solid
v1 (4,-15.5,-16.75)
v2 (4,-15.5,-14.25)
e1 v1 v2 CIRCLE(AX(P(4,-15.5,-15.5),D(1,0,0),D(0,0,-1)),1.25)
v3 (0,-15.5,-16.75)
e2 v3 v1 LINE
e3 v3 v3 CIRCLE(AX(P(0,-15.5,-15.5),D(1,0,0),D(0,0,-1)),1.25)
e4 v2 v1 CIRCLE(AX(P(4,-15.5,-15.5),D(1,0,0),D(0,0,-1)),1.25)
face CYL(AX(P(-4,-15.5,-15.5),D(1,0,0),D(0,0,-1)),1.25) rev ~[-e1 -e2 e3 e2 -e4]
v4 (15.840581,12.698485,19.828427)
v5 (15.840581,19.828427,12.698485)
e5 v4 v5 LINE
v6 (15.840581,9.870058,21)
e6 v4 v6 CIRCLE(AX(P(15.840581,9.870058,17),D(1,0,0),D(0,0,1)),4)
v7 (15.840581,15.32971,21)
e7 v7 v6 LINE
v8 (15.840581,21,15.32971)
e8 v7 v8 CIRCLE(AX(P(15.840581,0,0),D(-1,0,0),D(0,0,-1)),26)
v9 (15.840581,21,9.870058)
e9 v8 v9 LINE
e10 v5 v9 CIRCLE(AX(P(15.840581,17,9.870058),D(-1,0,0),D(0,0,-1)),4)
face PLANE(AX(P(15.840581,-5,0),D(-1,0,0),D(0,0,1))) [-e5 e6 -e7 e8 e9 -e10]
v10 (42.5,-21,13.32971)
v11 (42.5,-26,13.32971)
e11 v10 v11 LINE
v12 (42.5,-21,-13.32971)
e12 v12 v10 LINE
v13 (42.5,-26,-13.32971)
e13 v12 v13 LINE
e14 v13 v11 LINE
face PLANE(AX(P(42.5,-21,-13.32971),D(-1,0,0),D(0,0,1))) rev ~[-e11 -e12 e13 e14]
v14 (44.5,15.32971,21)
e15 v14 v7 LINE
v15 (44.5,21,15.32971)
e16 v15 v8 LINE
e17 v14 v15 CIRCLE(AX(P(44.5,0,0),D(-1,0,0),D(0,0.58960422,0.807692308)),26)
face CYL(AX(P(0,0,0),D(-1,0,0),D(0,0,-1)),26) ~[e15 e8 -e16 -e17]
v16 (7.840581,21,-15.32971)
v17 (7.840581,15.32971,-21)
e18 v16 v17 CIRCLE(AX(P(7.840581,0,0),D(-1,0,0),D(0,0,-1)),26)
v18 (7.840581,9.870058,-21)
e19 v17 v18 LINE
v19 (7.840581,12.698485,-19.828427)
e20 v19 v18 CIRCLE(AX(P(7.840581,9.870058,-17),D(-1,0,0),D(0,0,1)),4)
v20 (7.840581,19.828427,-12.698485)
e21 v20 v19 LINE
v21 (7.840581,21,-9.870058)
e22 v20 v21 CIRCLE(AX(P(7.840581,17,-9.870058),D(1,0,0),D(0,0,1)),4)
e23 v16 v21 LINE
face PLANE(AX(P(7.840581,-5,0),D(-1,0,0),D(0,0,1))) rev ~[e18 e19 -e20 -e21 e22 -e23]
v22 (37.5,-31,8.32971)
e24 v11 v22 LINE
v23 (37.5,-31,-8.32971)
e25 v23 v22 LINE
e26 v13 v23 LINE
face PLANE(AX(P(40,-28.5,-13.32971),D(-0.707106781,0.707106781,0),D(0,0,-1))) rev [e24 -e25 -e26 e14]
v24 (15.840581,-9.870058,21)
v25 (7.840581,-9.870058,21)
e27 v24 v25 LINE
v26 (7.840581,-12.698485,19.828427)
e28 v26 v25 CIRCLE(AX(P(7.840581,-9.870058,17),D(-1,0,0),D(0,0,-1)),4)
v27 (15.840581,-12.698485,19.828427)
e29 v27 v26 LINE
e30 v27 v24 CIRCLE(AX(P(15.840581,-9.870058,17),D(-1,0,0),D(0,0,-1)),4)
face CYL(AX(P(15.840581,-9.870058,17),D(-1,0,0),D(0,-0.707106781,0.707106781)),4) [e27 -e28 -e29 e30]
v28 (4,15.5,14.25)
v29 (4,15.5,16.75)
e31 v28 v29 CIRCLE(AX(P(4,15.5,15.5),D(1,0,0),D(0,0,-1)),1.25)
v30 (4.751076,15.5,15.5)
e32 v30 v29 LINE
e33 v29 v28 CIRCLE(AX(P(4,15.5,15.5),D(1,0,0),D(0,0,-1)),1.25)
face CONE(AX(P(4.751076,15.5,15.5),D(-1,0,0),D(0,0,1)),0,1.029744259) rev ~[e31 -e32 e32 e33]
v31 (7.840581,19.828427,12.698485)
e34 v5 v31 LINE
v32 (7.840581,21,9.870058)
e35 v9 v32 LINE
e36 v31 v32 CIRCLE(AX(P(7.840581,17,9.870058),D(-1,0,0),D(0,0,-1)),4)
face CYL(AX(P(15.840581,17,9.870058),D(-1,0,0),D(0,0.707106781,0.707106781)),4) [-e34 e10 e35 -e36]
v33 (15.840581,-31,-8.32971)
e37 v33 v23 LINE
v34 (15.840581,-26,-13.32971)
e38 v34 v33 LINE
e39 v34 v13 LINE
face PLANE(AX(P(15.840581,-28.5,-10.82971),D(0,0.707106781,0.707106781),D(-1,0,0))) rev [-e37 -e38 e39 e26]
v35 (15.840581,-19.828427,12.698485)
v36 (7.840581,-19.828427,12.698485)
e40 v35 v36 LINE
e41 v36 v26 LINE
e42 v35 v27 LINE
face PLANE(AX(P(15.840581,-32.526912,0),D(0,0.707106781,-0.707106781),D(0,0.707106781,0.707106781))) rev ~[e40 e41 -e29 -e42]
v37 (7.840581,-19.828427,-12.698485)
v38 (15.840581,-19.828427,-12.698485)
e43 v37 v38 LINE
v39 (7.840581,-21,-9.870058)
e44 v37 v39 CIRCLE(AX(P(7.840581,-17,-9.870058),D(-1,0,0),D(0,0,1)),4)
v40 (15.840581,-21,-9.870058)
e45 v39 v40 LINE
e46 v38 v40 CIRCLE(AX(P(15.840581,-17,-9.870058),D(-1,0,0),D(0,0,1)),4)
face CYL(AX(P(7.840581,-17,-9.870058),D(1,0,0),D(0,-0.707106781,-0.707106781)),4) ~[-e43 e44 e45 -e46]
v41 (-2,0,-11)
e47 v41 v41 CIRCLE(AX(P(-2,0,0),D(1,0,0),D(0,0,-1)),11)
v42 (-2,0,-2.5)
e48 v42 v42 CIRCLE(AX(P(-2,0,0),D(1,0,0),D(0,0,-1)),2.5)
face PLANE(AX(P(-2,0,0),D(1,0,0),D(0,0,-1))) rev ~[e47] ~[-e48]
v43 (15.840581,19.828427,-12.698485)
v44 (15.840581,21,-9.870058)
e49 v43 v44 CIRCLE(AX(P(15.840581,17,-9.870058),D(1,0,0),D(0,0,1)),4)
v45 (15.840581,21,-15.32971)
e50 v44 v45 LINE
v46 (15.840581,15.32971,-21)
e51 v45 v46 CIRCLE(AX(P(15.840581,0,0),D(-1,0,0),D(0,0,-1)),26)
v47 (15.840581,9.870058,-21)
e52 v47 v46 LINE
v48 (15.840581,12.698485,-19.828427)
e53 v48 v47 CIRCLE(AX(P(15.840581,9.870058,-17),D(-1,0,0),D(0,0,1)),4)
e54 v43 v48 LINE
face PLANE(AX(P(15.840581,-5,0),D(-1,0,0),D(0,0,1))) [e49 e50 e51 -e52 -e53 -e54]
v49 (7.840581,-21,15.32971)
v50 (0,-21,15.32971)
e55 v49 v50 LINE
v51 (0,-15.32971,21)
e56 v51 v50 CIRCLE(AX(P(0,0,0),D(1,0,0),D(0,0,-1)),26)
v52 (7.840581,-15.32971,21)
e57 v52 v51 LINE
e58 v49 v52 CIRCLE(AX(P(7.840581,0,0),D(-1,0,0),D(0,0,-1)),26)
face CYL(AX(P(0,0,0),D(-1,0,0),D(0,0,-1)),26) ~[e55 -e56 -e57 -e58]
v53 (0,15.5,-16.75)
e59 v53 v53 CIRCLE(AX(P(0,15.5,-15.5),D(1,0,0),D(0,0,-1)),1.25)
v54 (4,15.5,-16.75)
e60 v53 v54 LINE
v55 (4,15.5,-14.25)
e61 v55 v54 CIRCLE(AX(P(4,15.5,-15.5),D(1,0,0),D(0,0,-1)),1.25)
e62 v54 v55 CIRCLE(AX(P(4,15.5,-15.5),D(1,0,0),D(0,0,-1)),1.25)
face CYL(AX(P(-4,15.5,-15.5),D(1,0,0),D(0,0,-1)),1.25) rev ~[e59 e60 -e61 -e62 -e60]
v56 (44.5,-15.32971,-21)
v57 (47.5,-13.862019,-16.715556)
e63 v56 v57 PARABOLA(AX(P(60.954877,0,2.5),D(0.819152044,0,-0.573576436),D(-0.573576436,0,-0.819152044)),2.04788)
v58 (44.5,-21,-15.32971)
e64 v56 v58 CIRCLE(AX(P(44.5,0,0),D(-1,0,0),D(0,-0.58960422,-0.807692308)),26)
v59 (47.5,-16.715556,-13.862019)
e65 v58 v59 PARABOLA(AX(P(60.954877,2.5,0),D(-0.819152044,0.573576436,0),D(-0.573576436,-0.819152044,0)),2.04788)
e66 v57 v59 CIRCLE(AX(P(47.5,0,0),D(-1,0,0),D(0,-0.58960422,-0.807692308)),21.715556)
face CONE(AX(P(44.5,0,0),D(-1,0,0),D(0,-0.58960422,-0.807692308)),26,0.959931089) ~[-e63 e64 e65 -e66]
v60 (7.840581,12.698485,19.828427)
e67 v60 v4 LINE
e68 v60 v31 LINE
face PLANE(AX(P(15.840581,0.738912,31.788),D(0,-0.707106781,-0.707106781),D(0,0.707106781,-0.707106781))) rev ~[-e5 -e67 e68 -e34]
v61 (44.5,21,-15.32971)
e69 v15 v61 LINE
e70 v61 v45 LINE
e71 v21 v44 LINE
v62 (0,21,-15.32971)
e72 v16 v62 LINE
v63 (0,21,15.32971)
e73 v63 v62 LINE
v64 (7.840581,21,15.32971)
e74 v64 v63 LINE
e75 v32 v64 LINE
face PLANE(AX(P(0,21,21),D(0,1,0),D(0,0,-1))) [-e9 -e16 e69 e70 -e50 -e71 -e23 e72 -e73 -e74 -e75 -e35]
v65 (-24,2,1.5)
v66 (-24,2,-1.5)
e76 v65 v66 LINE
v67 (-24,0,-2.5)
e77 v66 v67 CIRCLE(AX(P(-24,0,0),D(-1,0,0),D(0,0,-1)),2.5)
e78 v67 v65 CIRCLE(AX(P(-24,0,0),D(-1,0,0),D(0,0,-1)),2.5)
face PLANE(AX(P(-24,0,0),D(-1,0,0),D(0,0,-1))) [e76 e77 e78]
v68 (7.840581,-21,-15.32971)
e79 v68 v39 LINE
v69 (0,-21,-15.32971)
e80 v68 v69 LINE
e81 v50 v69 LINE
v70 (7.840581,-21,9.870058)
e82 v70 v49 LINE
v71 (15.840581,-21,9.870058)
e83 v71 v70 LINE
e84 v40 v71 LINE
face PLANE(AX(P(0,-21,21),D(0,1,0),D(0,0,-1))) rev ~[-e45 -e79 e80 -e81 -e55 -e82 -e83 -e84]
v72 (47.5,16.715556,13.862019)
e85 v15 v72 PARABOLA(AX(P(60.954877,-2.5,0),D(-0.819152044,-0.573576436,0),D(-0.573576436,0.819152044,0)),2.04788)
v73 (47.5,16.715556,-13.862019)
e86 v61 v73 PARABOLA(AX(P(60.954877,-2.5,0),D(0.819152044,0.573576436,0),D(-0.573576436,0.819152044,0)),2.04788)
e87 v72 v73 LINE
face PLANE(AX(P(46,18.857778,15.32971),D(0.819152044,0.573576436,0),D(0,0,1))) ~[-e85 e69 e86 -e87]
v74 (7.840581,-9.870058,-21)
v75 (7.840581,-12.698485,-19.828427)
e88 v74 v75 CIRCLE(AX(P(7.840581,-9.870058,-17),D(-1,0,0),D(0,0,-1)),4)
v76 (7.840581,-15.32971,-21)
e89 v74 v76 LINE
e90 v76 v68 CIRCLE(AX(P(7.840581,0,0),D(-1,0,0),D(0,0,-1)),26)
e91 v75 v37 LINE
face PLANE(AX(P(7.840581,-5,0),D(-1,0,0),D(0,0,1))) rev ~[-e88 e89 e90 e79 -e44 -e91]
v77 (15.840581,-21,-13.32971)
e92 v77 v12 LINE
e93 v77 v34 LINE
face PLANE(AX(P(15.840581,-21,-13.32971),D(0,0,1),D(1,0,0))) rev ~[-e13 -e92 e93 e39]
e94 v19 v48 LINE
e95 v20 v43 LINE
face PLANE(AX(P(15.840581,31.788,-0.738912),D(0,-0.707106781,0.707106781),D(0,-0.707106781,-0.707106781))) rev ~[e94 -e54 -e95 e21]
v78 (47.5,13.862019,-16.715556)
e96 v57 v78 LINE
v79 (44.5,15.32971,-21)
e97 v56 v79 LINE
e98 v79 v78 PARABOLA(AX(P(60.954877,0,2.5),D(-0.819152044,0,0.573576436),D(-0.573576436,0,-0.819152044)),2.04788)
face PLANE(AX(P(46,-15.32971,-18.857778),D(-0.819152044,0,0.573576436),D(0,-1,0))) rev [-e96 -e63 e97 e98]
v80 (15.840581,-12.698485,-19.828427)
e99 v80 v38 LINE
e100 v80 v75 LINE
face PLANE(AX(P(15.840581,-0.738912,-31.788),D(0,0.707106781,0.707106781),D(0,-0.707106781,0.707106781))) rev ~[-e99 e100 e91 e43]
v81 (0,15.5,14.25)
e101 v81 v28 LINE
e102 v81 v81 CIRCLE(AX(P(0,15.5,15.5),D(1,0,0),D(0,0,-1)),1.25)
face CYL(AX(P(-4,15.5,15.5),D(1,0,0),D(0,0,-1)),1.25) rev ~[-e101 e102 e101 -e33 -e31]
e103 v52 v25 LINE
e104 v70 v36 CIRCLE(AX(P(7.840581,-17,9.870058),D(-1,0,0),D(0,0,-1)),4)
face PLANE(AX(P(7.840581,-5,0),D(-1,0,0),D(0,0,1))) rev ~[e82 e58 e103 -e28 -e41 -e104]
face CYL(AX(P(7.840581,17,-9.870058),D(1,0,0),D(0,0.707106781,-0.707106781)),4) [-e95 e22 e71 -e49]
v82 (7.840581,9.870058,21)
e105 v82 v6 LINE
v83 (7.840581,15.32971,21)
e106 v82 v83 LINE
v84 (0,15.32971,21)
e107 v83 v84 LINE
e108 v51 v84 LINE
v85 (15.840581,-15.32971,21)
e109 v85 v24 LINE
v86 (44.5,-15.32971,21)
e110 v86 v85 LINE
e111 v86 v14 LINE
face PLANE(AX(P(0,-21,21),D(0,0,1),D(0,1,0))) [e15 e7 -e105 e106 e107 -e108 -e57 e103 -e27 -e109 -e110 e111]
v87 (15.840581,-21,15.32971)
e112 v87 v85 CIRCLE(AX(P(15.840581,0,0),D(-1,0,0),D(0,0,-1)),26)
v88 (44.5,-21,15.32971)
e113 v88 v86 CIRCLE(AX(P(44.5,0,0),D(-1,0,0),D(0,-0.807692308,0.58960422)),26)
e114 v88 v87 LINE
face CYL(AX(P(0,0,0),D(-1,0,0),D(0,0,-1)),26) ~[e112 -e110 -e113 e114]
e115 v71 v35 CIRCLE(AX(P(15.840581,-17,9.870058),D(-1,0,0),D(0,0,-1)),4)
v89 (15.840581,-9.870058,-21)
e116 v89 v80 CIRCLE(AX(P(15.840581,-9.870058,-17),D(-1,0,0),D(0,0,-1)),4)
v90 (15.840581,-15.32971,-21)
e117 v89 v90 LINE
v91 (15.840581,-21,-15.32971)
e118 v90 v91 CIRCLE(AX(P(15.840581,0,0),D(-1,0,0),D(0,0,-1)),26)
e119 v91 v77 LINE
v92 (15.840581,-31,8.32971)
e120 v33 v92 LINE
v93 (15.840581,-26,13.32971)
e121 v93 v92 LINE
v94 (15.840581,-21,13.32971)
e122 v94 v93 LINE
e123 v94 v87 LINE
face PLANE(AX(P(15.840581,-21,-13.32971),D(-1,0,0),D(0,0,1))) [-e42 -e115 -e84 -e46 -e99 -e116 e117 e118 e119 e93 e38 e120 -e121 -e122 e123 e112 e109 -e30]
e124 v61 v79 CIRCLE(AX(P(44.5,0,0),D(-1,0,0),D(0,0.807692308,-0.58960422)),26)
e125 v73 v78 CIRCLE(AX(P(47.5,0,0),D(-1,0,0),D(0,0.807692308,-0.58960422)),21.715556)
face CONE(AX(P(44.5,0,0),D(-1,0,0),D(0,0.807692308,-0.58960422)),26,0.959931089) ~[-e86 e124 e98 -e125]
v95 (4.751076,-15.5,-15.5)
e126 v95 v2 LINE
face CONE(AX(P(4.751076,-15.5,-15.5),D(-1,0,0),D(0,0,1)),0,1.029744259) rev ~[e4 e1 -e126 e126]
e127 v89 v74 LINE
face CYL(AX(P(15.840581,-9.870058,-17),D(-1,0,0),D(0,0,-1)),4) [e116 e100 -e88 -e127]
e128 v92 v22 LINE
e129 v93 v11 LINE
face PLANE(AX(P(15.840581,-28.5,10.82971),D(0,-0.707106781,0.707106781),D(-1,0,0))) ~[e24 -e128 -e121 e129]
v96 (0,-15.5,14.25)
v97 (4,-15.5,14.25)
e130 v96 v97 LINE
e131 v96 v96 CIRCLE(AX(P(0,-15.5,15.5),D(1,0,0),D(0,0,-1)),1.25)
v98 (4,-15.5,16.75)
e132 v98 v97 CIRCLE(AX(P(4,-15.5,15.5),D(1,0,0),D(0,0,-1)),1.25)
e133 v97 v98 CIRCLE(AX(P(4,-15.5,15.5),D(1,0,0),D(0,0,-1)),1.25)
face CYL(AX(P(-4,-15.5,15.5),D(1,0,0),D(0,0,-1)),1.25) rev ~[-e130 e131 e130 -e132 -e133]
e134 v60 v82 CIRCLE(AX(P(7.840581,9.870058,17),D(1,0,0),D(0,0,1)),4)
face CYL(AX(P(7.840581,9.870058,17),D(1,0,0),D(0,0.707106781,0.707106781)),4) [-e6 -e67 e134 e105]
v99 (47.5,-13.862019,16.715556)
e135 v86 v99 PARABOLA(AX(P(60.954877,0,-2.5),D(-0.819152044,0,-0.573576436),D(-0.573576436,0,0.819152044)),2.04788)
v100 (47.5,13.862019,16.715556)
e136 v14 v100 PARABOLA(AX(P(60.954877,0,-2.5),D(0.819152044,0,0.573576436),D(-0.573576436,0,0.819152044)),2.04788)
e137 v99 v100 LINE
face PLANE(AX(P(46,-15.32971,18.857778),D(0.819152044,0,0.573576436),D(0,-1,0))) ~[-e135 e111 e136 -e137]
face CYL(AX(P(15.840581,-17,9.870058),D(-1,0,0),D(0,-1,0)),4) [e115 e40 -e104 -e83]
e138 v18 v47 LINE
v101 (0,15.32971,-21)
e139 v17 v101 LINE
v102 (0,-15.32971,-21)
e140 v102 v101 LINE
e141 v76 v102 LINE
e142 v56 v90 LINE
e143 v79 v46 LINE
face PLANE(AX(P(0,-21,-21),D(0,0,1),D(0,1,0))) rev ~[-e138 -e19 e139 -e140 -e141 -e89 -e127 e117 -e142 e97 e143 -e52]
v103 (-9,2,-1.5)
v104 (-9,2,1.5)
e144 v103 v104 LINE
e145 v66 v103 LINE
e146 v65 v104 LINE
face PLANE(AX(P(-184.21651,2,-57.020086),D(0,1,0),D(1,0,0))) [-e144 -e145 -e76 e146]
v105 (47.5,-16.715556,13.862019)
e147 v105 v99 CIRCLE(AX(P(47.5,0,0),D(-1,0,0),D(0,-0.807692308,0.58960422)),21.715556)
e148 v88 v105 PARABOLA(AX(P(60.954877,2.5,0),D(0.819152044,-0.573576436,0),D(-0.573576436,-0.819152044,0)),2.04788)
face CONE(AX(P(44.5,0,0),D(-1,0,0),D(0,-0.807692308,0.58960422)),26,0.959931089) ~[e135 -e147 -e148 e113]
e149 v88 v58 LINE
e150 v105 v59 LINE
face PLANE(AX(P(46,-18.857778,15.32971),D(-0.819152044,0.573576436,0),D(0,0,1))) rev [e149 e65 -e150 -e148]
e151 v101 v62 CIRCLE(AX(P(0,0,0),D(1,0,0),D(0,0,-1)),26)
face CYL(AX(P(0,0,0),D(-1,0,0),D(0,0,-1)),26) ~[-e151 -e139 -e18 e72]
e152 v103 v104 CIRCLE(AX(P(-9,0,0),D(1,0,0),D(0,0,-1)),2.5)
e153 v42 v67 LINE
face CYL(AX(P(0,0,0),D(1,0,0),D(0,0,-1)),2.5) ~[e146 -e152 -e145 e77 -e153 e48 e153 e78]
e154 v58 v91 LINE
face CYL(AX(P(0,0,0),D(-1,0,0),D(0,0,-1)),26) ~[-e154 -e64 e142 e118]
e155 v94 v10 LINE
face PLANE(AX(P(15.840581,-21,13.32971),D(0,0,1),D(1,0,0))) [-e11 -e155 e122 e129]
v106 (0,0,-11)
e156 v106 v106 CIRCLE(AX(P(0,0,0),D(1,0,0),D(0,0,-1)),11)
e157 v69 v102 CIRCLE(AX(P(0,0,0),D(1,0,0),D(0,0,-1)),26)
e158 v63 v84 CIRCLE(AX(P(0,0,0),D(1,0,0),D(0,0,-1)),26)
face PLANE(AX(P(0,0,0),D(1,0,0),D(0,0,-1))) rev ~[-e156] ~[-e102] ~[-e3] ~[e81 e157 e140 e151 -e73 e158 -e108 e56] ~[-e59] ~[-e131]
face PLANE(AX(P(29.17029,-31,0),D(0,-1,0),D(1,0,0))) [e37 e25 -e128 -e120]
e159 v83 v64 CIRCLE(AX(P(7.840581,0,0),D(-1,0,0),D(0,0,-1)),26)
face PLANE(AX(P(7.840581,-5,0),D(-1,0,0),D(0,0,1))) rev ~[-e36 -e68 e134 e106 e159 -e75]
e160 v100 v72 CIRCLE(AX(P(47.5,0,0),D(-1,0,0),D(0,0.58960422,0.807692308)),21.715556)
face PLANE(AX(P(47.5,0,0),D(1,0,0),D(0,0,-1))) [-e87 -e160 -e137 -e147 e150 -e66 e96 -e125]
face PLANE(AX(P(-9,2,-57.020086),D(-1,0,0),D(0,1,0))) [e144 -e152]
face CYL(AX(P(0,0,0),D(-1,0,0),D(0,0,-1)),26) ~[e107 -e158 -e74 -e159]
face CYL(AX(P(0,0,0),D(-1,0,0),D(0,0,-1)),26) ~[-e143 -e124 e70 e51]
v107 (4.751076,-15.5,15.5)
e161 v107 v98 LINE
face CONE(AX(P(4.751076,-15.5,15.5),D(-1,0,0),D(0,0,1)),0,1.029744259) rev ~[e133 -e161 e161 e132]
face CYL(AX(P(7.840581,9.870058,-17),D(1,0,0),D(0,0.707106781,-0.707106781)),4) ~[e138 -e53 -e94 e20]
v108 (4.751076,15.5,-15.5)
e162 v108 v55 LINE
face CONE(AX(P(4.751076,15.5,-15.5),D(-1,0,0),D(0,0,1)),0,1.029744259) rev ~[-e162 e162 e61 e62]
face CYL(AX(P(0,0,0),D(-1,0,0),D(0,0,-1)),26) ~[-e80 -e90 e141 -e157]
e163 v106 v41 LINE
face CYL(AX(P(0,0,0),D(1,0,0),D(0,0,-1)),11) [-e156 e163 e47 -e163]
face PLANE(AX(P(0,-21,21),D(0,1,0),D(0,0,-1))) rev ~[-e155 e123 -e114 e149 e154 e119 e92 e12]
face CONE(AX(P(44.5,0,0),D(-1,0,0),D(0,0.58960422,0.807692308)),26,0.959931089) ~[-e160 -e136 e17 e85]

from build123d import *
from OCP.BRepFilletAPI import BRepFilletAPI_MakeChamfer

# Parameters (mm, degrees)
ESQUISSE1_W                  = 42
ESQUISSE1_H                  = 42
BOSS_EXTRU_1_DEPTH           = 47.5
ESQUISSE2_R                  = 11
BOSS_EXTRU_2_DEPTH           = 2
ESQUISSE3_R                  = 2.5
BOSS_EXTRU_3_DEPTH           = 24
TROU_TARAUD_M31_D            = 2.5
TROU_TARAUD_M31_DEPTH        = 4
TROU_TARAUD_M31_TIP          = 0.751075774
ESQUISSE6_OUTSIDE_W          = 62.59
ESQUISSE6_OUTSIDE_H          = 62.59
ESQUISSE6_OUTSIDE_R          = 26
ENL_V_MAT_EXTRU_1_DEPTH      = 57.020085684
ENL_V_MAT_EXTRU_2_DEPTH      = 57.020085684
ENL_V_MAT_EXTRU_2_DEPTH_BACK = 57.020085684
CHANFREIN1_SIZE              = 3
CHANFREIN1_SIZE2             = 4.28444402
ESQUISSE10_W                 = 26.659419434
ESQUISSE10_H                 = 26.659419434
BOSS_EXTRU_5_DEPTH           = 10
CHANFREIN2_SIZE              = 5
ESQUISSE11_OUTSIDE_W         = 63.576
ESQUISSE11_OUTSIDE_H         = 73.576
ENL_V_MAT_EXTRU_3_DEPTH      = 8
CONG_1_R                     = 4


with BuildPart() as part:
    # Esquisse1 → Boss.-Extru.1 (new body)
    with BuildSketch(Plane(origin=(0, 0, 0), x_dir=(0, 0, -1), z_dir=(1, 0, 0))):
        Rectangle(ESQUISSE1_W, ESQUISSE1_H)
    extrude(amount=BOSS_EXTRU_1_DEPTH)

    # Esquisse2 → Boss.-Extru.2 (add)
    with BuildSketch(Plane(origin=(0, 0, 0), x_dir=(0, 0, -1), z_dir=(1, 0, 0))):
        Circle(ESQUISSE2_R)
    extrude(amount=-BOSS_EXTRU_2_DEPTH)

    # Esquisse3 → Boss.-Extru.3 (add)
    with BuildSketch(Plane.ZY):
        with Locations(Location((0, 0, 0), (0, 0, 180))):
            Circle(ESQUISSE3_R)
    extrude(amount=BOSS_EXTRU_3_DEPTH)

    # Trou taraudé M31
    with Locations(Plane.ZY):
        with Locations((-15.5, 15.5), (15.5, 15.5), (-15.5, -15.5), (15.5, -15.5)):
            Hole(TROU_TARAUD_M31_D / 2, depth=TROU_TARAUD_M31_DEPTH)
            with Locations((0, 0, -(TROU_TARAUD_M31_DEPTH + TROU_TARAUD_M31_TIP / 2))):  # 118° drill point
                Cone(0, TROU_TARAUD_M31_D / 2, TROU_TARAUD_M31_TIP, mode=Mode.SUBTRACT)

    # Esquisse6 outside → Enlèv. mat.-Extru.1 (cut, through all)
    with BuildSketch(Plane(origin=(0, 0, 0), x_dir=(0, 0, -1), z_dir=(1, 0, 0))):
        Rectangle(ESQUISSE6_OUTSIDE_W, ESQUISSE6_OUTSIDE_H)
        Circle(ESQUISSE6_OUTSIDE_R, mode=Mode.SUBTRACT)
    extrude(amount=ENL_V_MAT_EXTRU_1_DEPTH, mode=Mode.SUBTRACT)

    # Esquisse7 → Enlèv. mat.-Extru.2 (cut, two sides: drawn at the far end of the back side and taken through both)
    with BuildSketch(Plane.XY.offset(-ENL_V_MAT_EXTRU_2_DEPTH_BACK)):
        Polygon((-184.216510411, 2), (-24, 2), (-9, 2), (-9, 2.5), (-9, 162.716510411), (-225.598714738, 398.856972015), (-400.815225149, 238.140461604), align=None)
    extrude(amount=ENL_V_MAT_EXTRU_2_DEPTH + ENL_V_MAT_EXTRU_2_DEPTH_BACK, mode=Mode.SUBTRACT)

    # Chanfrein1: one chamfer whose edges measure the first distance from different faces: ONE call of the kernel's chamfer builder (chamfer() names one face for all edges)
    chanfrein1_edges_1 = [part.edges().sort_by_distance(p)[0] for p in [
        (47.5, 0, 21),
    ]]
    chanfrein1_side_1 = [part.faces().sort_by_distance(p)[0] for p in [
        (23.75, 0, 21),
    ]]
    chanfrein1_edges_2 = [part.edges().sort_by_distance(p)[0] for p in [
        (47.5, -21, 0),
    ]]
    chanfrein1_side_2 = [part.faces().sort_by_distance(p)[0] for p in [
        (23.75, -21, 0),
    ]]
    chanfrein1_edges_3 = [part.edges().sort_by_distance(p)[0] for p in [
        (47.5, 0, -21),
    ]]
    chanfrein1_side_3 = [part.faces().sort_by_distance(p)[0] for p in [
        (23.75, 0, -21),
    ]]
    chanfrein1_edges_4 = [part.edges().sort_by_distance(p)[0] for p in [
        (47.5, 21, 0),
    ]]
    chanfrein1_side_4 = [part.faces().sort_by_distance(p)[0] for p in [
        (23.75, 21, 0),
    ]]
    chanfrein1_edges_5 = [part.edges().sort_by_distance(p)[0] for p in [
        (47.5, -18.384776311, 18.384776311),
    ]]
    chanfrein1_side_5 = [part.faces().sort_by_distance(p)[0] for p in [
        (23.75, -18.384776311, 18.384776311),
    ]]
    chanfrein1_edges_6 = [part.edges().sort_by_distance(p)[0] for p in [
        (47.5, 18.384776311, 18.384776311),
    ]]
    chanfrein1_side_6 = [part.faces().sort_by_distance(p)[0] for p in [
        (23.75, 18.384776311, 18.384776311),
    ]]
    chanfrein1_edges_7 = [part.edges().sort_by_distance(p)[0] for p in [
        (47.5, -18.384776311, -18.384776311),
    ]]
    chanfrein1_side_7 = [part.faces().sort_by_distance(p)[0] for p in [
        (23.75, -18.384776311, -18.384776311),
    ]]
    chanfrein1_edges_8 = [part.edges().sort_by_distance(p)[0] for p in [
        (47.5, 18.384776311, -18.384776311),
    ]]
    chanfrein1_side_8 = [part.faces().sort_by_distance(p)[0] for p in [
        (23.75, 18.384776311, -18.384776311),
    ]]
    chanfrein1 = BRepFilletAPI_MakeChamfer(part.part.solid().wrapped)
    for e in chanfrein1_edges_1:
        chanfrein1.Add(CHANFREIN1_SIZE, CHANFREIN1_SIZE2, e.wrapped, chanfrein1_side_1[0].wrapped)  # the first distance lies on this face
    for e in chanfrein1_edges_2:
        chanfrein1.Add(CHANFREIN1_SIZE, CHANFREIN1_SIZE2, e.wrapped, chanfrein1_side_2[0].wrapped)  # the first distance lies on this face
    for e in chanfrein1_edges_3:
        chanfrein1.Add(CHANFREIN1_SIZE, CHANFREIN1_SIZE2, e.wrapped, chanfrein1_side_3[0].wrapped)  # the first distance lies on this face
    for e in chanfrein1_edges_4:
        chanfrein1.Add(CHANFREIN1_SIZE, CHANFREIN1_SIZE2, e.wrapped, chanfrein1_side_4[0].wrapped)  # the first distance lies on this face
    for e in chanfrein1_edges_5:
        chanfrein1.Add(CHANFREIN1_SIZE, CHANFREIN1_SIZE2, e.wrapped, chanfrein1_side_5[0].wrapped)  # the first distance lies on this face
    for e in chanfrein1_edges_6:
        chanfrein1.Add(CHANFREIN1_SIZE, CHANFREIN1_SIZE2, e.wrapped, chanfrein1_side_6[0].wrapped)  # the first distance lies on this face
    for e in chanfrein1_edges_7:
        chanfrein1.Add(CHANFREIN1_SIZE, CHANFREIN1_SIZE2, e.wrapped, chanfrein1_side_7[0].wrapped)  # the first distance lies on this face
    for e in chanfrein1_edges_8:
        chanfrein1.Add(CHANFREIN1_SIZE, CHANFREIN1_SIZE2, e.wrapped, chanfrein1_side_8[0].wrapped)  # the first distance lies on this face
    add(Compound.cast(chanfrein1.Shape()), mode=Mode.REPLACE)

    # Esquisse10 → Boss.-Extru.5 (add)
    with BuildSketch(Plane.XZ.offset(21)):
        with Locations((29.170290283, 0)):
            Rectangle(ESQUISSE10_W, ESQUISSE10_H)
    extrude(amount=BOSS_EXTRU_5_DEPTH)

    # Chanfrein2
    chanfrein2_edges = [part.edges().sort_by_distance(p)[0] for p in [
        (42.5, -31, 0),
        (29.170290283, -31, 13.329709717),
        (29.170290283, -31, -13.329709717),
    ]]
    chamfer(chanfrein2_edges, length=CHANFREIN2_SIZE)

    # Esquisse11 outside → Enlèv. mat.-Extru.3 (cut)
    with BuildSketch(Plane.ZY.offset(-15.840580566)):
        with Locations((0, -5)):
            Rectangle(ESQUISSE11_OUTSIDE_W, ESQUISSE11_OUTSIDE_H)
        Polygon((0, 32.526911935), (-32.526911935, 0), (0, -32.526911935), (32.526911935, 0), align=None, mode=Mode.SUBTRACT)
    extrude(amount=ENL_V_MAT_EXTRU_3_DEPTH, mode=Mode.SUBTRACT)

    # Congé1
    cong_1_edges = [part.edges().sort_by_distance(p)[0] for p in [
        (11.840580566, 21, -11.526911935),
        (11.840580566, 21, 11.526911935),
        (11.840580566, 11.526911935, 21),
        (11.840580566, 11.526911935, -21),
        (11.840580566, -21, -11.526911935),
        (11.840580566, -11.526911935, -21),
        (11.840580566, -21, 11.526911935),
        (11.840580566, -11.526911935, 21),
    ]]
    fillet(cong_1_edges, radius=CONG_1_R)


solid = part.part
